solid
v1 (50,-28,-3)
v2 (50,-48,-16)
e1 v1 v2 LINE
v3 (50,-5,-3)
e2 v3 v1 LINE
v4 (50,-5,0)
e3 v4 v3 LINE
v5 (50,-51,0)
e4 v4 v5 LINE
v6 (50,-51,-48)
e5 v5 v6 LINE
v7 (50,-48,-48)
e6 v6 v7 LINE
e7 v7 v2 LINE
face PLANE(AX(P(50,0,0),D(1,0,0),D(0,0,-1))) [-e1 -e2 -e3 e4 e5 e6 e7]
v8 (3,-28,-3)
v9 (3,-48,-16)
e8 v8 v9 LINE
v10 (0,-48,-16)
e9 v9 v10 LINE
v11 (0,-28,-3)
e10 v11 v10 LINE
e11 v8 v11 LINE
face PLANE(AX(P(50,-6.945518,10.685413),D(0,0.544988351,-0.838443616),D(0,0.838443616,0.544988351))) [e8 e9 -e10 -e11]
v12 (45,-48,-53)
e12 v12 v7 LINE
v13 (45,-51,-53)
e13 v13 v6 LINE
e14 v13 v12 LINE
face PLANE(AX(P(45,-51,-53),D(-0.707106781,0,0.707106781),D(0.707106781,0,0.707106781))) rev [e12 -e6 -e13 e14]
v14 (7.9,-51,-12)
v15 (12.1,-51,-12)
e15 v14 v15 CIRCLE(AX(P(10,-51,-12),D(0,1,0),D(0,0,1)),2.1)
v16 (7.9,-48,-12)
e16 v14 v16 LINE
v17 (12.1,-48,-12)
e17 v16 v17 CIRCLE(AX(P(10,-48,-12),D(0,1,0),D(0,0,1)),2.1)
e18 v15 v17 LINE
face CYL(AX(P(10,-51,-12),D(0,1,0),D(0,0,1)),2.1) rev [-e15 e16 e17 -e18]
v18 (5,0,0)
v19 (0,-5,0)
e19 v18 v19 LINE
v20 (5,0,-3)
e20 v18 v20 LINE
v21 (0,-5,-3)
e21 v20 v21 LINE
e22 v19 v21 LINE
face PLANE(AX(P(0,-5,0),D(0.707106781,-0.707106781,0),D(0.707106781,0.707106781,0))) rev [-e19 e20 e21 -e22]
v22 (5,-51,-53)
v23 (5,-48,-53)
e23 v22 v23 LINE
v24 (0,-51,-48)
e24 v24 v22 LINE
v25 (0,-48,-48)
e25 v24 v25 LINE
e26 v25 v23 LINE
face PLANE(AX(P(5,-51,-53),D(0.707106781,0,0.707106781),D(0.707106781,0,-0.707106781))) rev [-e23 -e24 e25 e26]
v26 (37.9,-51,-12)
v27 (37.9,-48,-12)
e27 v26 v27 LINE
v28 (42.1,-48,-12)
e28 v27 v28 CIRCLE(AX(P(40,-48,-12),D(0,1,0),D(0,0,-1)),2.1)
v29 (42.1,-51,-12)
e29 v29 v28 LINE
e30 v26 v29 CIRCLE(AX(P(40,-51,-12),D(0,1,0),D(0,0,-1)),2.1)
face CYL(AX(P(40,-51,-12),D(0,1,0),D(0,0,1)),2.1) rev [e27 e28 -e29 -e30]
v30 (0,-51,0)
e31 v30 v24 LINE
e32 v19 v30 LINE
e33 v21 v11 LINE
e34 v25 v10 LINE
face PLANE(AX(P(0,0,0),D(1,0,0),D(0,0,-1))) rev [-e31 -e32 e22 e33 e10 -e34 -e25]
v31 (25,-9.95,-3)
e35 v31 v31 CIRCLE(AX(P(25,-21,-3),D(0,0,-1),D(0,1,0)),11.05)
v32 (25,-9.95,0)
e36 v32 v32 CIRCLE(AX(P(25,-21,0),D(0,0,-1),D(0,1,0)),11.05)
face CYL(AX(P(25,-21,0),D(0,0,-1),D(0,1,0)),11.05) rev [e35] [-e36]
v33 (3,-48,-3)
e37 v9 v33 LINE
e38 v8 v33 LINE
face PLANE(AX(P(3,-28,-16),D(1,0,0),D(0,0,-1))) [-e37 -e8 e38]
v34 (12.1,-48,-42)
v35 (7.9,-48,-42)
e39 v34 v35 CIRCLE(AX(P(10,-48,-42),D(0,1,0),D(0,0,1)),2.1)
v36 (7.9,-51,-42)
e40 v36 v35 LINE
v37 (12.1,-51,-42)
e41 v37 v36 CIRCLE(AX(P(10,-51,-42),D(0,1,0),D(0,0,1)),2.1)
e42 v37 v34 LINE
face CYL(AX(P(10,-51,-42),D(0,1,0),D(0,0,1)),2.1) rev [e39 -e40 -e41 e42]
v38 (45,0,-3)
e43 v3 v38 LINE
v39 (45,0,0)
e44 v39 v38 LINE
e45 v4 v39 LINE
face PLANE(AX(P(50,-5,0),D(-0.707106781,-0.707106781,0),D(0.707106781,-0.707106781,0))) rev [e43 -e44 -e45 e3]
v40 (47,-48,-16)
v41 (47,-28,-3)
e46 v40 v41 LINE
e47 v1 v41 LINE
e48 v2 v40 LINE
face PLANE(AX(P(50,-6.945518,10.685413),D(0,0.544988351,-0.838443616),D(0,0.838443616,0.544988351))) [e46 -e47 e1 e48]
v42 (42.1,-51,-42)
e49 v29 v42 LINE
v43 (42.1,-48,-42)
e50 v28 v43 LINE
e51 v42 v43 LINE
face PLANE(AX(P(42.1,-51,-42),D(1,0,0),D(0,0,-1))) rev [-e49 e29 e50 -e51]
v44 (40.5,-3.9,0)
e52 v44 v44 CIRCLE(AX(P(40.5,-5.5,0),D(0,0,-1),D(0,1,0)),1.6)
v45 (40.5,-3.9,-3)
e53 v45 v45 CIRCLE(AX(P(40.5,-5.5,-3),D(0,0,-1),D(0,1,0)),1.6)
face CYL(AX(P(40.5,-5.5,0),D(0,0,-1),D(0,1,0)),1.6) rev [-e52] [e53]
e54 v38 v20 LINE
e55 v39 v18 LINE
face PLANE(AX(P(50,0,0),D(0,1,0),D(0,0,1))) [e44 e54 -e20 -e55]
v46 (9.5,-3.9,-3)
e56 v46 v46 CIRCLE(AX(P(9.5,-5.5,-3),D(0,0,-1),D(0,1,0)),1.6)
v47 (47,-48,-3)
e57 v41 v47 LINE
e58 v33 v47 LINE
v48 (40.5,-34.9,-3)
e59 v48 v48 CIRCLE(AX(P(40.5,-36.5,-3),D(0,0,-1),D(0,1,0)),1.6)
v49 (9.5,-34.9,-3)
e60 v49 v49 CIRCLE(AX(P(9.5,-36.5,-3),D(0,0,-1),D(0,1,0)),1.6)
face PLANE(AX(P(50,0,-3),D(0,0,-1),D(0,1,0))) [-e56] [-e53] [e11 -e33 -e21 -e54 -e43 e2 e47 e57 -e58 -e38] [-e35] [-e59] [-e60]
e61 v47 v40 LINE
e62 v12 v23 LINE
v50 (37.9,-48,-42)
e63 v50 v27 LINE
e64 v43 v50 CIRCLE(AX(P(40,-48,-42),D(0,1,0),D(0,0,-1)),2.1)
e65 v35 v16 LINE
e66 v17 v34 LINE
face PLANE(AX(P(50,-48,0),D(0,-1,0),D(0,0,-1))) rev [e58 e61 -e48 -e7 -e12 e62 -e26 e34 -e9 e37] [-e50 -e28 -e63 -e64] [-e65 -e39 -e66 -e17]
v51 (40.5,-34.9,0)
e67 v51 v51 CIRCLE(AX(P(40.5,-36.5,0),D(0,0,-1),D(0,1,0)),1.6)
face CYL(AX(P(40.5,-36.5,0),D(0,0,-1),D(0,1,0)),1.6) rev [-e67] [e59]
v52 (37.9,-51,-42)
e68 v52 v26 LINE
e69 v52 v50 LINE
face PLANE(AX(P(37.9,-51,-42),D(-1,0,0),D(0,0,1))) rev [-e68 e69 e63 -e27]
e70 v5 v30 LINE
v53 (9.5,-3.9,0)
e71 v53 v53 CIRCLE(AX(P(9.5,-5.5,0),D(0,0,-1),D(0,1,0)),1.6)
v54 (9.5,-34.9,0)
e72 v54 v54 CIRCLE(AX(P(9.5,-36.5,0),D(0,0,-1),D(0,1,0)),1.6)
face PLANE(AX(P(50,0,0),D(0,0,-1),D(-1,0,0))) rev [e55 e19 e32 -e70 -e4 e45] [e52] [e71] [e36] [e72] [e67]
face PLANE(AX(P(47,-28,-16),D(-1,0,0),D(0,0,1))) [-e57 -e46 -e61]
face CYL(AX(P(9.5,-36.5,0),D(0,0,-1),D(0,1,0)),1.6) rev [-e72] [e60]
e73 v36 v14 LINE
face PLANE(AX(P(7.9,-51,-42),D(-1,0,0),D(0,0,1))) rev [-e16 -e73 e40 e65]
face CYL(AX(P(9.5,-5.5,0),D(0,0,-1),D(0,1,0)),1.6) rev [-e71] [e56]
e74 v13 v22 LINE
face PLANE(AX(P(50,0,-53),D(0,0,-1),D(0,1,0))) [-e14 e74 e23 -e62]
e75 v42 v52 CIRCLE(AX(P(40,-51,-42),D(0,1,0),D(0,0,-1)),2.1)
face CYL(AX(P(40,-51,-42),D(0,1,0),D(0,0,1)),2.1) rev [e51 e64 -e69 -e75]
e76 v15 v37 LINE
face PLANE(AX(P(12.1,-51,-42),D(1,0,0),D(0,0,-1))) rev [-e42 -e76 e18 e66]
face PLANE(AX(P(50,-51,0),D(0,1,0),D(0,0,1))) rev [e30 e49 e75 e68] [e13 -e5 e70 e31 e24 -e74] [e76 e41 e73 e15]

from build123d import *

# Parameters (mm, degrees)
EXTRUDE_1_DEPTH     = 50
SKETCH_4_W          = 44
SKETCH_4_H          = 13
CUT_EXTRUDE_2_DEPTH = 20
CUT_EXTRUDE_3_DEPTH = 88.252507127
SKETCH_6_R          = 11.05
SKETCH_6_R_2        = 1.6
CUT_EXTRUDE_4_DEPTH = 88.183714076


with BuildPart() as part:
    # 草图1 → 凸台-拉伸1 (new body)
    with BuildSketch(Plane(origin=(0, 0, 0), x_dir=(0, 0, -1), z_dir=(1, 0, 0))):
        Polygon((3, 0), (0, 0), (0, -51), (53, -51), (53, -48), (16, -48), (3, -28), align=None)
    extrude(amount=EXTRUDE_1_DEPTH)

    # 草图4 → 切除-拉伸2 (cut)
    with BuildSketch(Plane(origin=(0, -48, 0), x_dir=(1, 0, 0), z_dir=(0, 1, 0))):
        with Locations((25, 9.5)):
            Rectangle(SKETCH_4_W, SKETCH_4_H)
    extrude(amount=CUT_EXTRUDE_2_DEPTH, mode=Mode.SUBTRACT)

    # 草图5 → 切除-拉伸3 (cut, through all)
    with BuildSketch(Plane(origin=(0, -48, 0), x_dir=(1, 0, 0), z_dir=(0, 1, 0))):
        with BuildLine():
            Line((12.1, 42), (12.1, 12))
            ThreePointArc((12.1, 12), (10, 9.9), (7.9, 12))
            Line((7.9, 12), (7.9, 42))
            ThreePointArc((7.9, 42), (10, 44.1), (12.1, 42))
        make_face()
        with BuildLine():
            Line((37.9, 42), (37.9, 12))
            ThreePointArc((37.9, 12), (40, 9.9), (42.1, 12))
            Line((42.1, 12), (42.1, 42))
            ThreePointArc((42.1, 42), (40, 44.1), (37.9, 42))
        make_face()
        Polygon((50, 53), (45, 53), (50, 48), align=None)
        Polygon((5, 53), (0, 48), (0, 53), align=None)
    extrude(amount=-CUT_EXTRUDE_3_DEPTH, mode=Mode.SUBTRACT)

    # 草图6 → 切除-拉伸4 (cut, through all)
    with BuildSketch(Plane(origin=(0, 0, -3), x_dir=(-1, 0, 0), z_dir=(0, 0, -1))):
        with Locations(Location((-25, -21, 0), (0, 0, 90))):
            Circle(SKETCH_6_R)
        with Locations(Location((-40.5, -5.5, 0), (0, 0, 90))):
            Circle(SKETCH_6_R_2)
        with Locations(Location((-9.5, -5.5, 0), (0, 0, 90))):
            Circle(SKETCH_6_R_2)
        with Locations(Location((-9.5, -36.5, 0), (0, 0, 90))):
            Circle(SKETCH_6_R_2)
        with Locations(Location((-40.5, -36.5, 0), (0, 0, 90))):
            Circle(SKETCH_6_R_2)
        Polygon((-50, 0), (-50, -5), (-45, 0), align=None)
        Polygon((0, -5), (-5, 0), (0, 0), align=None)
    extrude(amount=-CUT_EXTRUDE_4_DEPTH, mode=Mode.SUBTRACT)


solid = part.part
